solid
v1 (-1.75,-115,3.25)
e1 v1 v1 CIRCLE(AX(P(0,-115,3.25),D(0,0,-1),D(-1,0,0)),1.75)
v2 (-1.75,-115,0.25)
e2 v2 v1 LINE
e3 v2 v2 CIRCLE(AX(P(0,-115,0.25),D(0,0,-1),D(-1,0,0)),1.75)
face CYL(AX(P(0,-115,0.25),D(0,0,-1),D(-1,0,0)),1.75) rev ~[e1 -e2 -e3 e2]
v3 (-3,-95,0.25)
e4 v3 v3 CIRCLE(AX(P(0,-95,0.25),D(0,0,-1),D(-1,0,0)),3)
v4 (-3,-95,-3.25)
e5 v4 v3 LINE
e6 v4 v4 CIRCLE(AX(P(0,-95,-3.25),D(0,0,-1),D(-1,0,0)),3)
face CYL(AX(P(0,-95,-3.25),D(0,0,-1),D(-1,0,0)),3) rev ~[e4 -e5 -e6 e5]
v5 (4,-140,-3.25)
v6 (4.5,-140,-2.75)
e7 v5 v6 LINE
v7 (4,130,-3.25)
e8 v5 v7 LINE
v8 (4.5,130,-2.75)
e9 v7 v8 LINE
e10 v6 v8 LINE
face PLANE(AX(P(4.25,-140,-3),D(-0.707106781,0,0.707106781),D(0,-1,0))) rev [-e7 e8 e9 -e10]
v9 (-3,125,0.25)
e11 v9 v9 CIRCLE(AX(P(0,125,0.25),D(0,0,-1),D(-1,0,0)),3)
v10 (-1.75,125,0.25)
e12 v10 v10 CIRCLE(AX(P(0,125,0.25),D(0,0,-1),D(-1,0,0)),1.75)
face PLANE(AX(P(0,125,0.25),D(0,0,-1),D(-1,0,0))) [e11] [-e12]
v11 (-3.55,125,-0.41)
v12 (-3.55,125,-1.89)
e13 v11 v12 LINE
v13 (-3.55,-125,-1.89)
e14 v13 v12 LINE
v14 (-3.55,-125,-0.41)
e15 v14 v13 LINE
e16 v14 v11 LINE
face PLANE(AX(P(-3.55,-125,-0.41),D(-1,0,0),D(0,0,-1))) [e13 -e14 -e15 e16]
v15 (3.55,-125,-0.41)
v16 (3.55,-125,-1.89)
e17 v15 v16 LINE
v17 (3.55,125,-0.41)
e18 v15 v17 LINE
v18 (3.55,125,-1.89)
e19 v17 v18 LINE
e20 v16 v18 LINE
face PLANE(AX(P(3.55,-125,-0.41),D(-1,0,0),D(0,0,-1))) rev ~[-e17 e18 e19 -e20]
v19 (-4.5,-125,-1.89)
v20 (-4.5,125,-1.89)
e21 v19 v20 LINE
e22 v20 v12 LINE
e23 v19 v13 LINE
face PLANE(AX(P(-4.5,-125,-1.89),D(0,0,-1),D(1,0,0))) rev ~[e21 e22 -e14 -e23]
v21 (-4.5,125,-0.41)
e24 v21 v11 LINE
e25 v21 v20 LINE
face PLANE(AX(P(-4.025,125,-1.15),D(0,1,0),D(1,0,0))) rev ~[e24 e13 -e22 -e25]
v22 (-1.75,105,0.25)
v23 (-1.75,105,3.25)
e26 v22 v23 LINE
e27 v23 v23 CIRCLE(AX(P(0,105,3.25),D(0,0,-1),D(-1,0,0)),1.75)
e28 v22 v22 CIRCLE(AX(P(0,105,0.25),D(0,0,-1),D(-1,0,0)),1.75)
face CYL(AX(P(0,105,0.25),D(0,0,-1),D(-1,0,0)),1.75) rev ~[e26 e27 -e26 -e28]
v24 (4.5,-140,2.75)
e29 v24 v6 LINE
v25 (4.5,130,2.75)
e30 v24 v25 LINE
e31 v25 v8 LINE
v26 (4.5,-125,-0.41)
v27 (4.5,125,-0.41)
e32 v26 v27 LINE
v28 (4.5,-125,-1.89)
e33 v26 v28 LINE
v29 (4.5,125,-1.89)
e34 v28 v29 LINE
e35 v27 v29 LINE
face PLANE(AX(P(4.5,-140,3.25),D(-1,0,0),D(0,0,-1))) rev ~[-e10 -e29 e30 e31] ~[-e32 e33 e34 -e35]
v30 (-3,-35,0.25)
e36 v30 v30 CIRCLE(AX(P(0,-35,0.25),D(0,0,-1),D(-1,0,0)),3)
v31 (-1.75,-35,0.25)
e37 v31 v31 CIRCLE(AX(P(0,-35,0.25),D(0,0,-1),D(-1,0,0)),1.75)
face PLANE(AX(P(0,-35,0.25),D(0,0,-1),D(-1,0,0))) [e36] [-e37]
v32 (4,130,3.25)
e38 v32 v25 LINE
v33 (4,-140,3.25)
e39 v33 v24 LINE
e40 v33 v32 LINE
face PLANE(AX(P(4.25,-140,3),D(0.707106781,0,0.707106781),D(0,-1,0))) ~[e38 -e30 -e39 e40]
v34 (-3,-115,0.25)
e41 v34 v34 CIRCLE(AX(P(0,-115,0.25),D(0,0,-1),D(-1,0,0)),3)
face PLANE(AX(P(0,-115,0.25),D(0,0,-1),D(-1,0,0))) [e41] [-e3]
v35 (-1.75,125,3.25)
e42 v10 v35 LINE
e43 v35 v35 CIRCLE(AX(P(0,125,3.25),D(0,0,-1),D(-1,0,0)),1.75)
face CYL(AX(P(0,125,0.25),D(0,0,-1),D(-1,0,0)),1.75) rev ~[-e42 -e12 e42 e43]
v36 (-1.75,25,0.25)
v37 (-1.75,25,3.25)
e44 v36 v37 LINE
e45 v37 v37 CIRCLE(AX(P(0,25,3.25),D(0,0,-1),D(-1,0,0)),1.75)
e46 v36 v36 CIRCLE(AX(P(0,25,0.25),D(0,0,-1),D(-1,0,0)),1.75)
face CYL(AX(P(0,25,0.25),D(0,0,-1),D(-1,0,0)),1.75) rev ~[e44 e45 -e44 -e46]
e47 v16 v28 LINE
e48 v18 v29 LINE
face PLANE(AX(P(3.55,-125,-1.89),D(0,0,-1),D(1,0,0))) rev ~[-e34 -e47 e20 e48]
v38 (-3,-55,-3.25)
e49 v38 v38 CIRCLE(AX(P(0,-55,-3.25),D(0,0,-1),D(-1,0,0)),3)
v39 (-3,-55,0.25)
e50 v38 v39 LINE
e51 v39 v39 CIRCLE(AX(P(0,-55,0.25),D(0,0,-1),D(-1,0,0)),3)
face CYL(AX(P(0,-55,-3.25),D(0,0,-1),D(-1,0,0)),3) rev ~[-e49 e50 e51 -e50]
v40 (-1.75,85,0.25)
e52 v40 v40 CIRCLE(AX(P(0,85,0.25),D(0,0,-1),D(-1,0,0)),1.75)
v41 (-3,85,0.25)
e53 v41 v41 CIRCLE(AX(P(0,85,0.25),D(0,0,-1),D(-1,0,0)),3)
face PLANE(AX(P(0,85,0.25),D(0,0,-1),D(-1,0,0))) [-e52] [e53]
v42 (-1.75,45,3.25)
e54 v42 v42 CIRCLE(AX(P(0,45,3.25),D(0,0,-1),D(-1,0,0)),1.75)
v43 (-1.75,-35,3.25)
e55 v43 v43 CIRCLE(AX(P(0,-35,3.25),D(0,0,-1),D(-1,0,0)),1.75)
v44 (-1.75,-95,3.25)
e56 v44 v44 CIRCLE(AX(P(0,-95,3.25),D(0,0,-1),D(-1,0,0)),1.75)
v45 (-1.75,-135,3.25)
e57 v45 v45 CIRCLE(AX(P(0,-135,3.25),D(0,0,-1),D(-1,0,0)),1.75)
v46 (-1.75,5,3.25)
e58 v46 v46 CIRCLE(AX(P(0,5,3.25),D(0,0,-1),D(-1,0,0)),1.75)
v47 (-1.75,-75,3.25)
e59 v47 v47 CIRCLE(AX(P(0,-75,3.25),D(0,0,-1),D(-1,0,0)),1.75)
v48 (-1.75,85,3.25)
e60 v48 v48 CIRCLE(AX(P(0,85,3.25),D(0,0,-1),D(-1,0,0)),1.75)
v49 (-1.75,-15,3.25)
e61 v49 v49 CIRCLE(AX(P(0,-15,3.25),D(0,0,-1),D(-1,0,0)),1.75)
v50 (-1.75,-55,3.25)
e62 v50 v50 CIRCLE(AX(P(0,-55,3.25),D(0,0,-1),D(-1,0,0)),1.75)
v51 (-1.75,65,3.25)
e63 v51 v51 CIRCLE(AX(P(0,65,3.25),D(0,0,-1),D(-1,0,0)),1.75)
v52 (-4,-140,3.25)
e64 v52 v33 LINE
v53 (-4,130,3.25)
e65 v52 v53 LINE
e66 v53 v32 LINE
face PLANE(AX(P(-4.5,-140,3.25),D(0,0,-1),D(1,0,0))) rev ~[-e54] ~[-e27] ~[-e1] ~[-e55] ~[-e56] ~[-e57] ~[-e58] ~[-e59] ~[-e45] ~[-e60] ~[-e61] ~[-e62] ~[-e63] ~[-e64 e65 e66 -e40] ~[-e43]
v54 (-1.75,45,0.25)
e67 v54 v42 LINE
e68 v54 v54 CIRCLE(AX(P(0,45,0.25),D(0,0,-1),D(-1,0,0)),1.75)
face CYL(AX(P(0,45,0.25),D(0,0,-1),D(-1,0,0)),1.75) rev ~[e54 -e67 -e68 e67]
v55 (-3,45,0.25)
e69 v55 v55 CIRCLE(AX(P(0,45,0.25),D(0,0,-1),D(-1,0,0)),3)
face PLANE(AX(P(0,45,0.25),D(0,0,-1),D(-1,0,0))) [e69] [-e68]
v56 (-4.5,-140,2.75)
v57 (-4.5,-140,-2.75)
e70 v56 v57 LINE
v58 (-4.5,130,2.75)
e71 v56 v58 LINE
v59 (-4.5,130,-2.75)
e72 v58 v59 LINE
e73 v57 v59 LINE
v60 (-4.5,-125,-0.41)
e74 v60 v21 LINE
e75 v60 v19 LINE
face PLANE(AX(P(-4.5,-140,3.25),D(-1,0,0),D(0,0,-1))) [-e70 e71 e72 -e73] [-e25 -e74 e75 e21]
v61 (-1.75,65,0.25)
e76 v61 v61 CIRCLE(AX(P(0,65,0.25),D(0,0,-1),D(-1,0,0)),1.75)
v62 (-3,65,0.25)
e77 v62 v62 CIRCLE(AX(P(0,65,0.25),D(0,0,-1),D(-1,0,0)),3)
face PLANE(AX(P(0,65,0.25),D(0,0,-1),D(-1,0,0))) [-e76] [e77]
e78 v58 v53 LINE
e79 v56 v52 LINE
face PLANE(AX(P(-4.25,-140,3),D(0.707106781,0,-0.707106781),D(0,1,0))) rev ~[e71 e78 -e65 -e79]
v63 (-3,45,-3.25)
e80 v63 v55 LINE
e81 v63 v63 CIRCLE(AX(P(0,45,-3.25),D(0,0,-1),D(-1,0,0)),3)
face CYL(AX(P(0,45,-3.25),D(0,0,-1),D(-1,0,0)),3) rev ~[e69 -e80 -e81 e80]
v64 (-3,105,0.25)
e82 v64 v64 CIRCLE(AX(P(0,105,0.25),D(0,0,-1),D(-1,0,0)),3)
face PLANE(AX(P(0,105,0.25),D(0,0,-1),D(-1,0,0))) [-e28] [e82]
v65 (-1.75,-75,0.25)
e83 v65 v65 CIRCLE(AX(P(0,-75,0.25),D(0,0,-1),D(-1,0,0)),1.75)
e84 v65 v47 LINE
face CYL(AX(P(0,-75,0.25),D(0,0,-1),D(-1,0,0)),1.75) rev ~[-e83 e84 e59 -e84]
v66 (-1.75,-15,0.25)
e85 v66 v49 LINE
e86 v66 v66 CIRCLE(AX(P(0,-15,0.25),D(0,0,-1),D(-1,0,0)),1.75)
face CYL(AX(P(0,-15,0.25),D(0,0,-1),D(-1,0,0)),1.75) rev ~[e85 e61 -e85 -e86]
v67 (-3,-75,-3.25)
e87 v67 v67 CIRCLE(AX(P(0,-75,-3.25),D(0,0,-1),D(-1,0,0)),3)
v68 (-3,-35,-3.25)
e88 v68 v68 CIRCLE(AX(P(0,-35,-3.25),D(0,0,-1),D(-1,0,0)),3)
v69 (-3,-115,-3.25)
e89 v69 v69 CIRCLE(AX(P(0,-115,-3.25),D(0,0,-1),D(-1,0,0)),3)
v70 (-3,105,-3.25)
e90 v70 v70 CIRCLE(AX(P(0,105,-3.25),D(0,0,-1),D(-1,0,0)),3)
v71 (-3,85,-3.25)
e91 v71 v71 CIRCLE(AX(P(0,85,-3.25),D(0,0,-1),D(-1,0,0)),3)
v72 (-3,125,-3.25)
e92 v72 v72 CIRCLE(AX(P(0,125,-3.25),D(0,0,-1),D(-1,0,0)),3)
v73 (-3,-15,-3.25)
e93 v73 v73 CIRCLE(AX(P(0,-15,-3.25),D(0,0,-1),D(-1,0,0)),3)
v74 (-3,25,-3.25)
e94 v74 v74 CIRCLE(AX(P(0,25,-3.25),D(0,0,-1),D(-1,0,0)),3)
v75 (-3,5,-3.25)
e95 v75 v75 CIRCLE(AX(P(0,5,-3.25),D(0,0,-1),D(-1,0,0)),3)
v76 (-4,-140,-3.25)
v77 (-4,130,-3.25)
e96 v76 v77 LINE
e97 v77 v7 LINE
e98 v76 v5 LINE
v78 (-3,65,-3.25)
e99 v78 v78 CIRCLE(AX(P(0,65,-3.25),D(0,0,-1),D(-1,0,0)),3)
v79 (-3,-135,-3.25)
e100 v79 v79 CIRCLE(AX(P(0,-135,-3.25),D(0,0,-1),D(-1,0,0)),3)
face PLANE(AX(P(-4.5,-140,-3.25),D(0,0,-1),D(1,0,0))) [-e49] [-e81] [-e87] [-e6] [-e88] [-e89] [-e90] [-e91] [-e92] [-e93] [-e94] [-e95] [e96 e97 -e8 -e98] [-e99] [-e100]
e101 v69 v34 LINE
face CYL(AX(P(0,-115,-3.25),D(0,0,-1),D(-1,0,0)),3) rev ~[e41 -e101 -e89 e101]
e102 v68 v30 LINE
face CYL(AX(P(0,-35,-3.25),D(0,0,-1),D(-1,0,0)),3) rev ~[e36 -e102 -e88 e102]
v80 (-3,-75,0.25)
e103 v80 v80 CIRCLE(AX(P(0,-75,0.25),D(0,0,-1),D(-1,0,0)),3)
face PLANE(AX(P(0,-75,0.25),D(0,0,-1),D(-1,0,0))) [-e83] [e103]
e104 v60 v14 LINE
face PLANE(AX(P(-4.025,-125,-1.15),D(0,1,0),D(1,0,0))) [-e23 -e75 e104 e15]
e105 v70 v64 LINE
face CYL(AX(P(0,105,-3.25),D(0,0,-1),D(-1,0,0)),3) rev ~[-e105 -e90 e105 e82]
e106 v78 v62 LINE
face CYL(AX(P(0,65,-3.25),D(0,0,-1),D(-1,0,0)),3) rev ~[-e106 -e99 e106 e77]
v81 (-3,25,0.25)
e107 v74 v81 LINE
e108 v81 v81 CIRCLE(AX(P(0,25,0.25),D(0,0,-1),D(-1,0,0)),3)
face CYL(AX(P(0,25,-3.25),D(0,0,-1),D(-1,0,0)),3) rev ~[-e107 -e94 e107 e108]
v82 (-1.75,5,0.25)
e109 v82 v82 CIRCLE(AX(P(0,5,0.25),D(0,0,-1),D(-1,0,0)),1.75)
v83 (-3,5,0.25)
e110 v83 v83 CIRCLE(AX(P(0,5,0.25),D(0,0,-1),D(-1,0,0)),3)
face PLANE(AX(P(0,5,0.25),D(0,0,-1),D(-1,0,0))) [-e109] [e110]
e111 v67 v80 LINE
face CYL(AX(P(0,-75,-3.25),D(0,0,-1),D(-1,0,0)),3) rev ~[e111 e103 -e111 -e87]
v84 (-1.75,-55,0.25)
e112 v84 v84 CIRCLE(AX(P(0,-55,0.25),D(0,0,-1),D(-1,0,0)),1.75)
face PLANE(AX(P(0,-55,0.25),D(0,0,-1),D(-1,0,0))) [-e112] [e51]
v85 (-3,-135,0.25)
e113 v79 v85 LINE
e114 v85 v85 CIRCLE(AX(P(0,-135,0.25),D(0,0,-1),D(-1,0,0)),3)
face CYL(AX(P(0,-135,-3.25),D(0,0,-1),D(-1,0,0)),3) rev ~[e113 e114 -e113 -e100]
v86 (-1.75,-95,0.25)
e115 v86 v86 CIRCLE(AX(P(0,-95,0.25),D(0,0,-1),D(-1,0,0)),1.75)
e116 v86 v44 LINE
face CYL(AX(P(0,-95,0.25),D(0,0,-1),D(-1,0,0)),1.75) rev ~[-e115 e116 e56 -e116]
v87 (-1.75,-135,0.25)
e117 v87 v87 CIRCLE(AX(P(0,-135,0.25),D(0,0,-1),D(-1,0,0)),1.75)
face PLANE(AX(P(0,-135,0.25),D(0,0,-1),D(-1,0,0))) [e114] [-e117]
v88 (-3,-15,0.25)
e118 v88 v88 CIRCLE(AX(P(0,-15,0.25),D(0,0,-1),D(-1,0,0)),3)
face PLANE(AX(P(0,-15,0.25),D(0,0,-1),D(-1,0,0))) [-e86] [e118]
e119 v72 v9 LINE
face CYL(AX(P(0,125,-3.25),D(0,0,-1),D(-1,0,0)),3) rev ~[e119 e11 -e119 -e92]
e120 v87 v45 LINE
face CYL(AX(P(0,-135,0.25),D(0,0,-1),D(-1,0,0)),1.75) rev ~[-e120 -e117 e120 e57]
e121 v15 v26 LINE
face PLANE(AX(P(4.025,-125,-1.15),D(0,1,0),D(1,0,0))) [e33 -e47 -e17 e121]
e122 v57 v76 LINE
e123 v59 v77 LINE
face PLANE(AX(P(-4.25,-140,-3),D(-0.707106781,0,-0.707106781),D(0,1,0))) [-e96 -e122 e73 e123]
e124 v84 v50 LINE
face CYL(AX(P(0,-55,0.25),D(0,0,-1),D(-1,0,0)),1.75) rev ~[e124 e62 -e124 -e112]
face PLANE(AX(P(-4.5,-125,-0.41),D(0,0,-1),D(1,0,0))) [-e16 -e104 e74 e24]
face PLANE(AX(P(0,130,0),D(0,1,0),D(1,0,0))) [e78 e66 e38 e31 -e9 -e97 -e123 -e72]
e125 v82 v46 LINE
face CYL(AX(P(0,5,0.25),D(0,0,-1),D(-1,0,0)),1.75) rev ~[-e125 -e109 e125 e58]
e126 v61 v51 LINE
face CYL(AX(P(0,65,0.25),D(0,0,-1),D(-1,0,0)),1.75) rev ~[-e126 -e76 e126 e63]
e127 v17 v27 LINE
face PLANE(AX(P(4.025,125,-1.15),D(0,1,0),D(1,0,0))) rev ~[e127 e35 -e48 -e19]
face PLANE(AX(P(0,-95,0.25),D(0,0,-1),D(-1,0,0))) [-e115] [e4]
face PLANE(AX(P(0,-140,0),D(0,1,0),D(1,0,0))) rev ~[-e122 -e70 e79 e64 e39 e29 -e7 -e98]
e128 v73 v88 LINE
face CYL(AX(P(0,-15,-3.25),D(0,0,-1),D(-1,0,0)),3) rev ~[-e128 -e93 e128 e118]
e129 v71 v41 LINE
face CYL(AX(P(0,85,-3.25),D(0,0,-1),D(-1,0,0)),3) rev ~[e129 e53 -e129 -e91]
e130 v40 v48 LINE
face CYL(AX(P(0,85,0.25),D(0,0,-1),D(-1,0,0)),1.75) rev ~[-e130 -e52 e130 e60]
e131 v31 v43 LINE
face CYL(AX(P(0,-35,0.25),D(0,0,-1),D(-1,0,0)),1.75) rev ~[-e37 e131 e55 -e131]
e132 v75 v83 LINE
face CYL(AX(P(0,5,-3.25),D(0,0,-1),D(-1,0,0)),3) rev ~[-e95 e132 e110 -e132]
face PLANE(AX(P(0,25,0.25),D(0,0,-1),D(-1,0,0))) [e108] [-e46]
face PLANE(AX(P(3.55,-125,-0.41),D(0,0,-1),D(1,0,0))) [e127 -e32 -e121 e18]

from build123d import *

# Parameters (mm, degrees)
EXTRUDE_1_DEPTH          = 130
EXTRUDE_1_DEPTH_BACK     = 140
SKETCH_1_W               = 9
SKETCH_1_H               = 6.5
CUT_EXTRUDE_1_DEPTH      = 125
CUT_EXTRUDE_1_DEPTH_BACK = 125
SKETCH_2_W               = 0.95
SKETCH_2_H               = 1.48
CHAMFER_2_SIZE           = 0.5
SKETCH_3_R               = 3
CUT_EXTRUDE_2_DEPTH      = 3.5
SKETCH_4_R               = 1.75
CUT_EXTRUDE_3_DEPTH      = 5


with BuildPart() as part:
    # 草图1 → 凸台-拉伸1 (new, two sides: drawn at the far end of the back side and taken through both)
    with BuildSketch(Plane(origin=(0, 0, 0), x_dir=(1, 0, 0), z_dir=(0, 1, 0)).offset(-EXTRUDE_1_DEPTH_BACK)):
        Rectangle(SKETCH_1_W, SKETCH_1_H)
    extrude(amount=EXTRUDE_1_DEPTH + EXTRUDE_1_DEPTH_BACK)

    # 草图2 → 切除-拉伸1 (cut, two sides: drawn at the far end of the back side and taken through both)
    with BuildSketch(Plane(origin=(0, 0, 0), x_dir=(1, 0, 0), z_dir=(0, 1, 0)).offset(-CUT_EXTRUDE_1_DEPTH_BACK)):
        with Locations((4.025, 1.15)):
            Rectangle(SKETCH_2_W, SKETCH_2_H)
        with Locations((-4.025, 1.15)):
            Rectangle(SKETCH_2_W, SKETCH_2_H)
    extrude(amount=CUT_EXTRUDE_1_DEPTH + CUT_EXTRUDE_1_DEPTH_BACK, mode=Mode.SUBTRACT)

    # 倒角2
    chamfer_2_edges = [part.edges().sort_by_distance(p)[0] for p in [
        (4.5, -5, 3.25),
        (-4.5, -5, 3.25),
        (-4.5, -5, -3.25),
        (4.5, -5, -3.25),
    ]]
    chamfer(chamfer_2_edges, length=CHAMFER_2_SIZE)

    # 草图3 → 切除-拉伸2 (cut)
    with BuildSketch(Plane(origin=(0, 0, -3.25), x_dir=(-1, 0, 0), z_dir=(0, 0, -1))):
        with Locations((0, -135)):
            Circle(SKETCH_3_R)
        with Locations((0, -115)):
            Circle(SKETCH_3_R)
        with Locations((0, -95)):
            Circle(SKETCH_3_R)
        with Locations((0, -75)):
            Circle(SKETCH_3_R)
        with Locations((0, -55)):
            Circle(SKETCH_3_R)
        with Locations((0, -35)):
            Circle(SKETCH_3_R)
        with Locations((0, -15)):
            Circle(SKETCH_3_R)
        with Locations((0, 5)):
            Circle(SKETCH_3_R)
        with Locations((0, 25)):
            Circle(SKETCH_3_R)
        with Locations((0, 45)):
            Circle(SKETCH_3_R)
        with Locations((0, 65)):
            Circle(SKETCH_3_R)
        with Locations((0, 85)):
            Circle(SKETCH_3_R)
        with Locations((0, 105)):
            Circle(SKETCH_3_R)
        with Locations((0, 125)):
            Circle(SKETCH_3_R)
    extrude(amount=-CUT_EXTRUDE_2_DEPTH, mode=Mode.SUBTRACT)

    # 草图4 → 切除-拉伸3 (cut)
    with BuildSketch(Plane(origin=(0, 0, 0.25), x_dir=(-1, 0, 0), z_dir=(0, 0, -1))):
        with Locations((0, -135)):
            Circle(SKETCH_4_R)
        with Locations((0, -115)):
            Circle(SKETCH_4_R)
        with Locations((0, -95)):
            Circle(SKETCH_4_R)
        with Locations((0, -75)):
            Circle(SKETCH_4_R)
        with Locations((0, -55)):
            Circle(SKETCH_4_R)
        with Locations((0, -35)):
            Circle(SKETCH_4_R)
        with Locations((0, -15)):
            Circle(SKETCH_4_R)
        with Locations((0, 5)):
            Circle(SKETCH_4_R)
        with Locations((0, 25)):
            Circle(SKETCH_4_R)
        with Locations((0, 45)):
            Circle(SKETCH_4_R)
        with Locations((0, 65)):
            Circle(SKETCH_4_R)
        with Locations((0, 85)):
            Circle(SKETCH_4_R)
        with Locations((0, 105)):
            Circle(SKETCH_4_R)
        with Locations((0, 125)):
            Circle(SKETCH_4_R)
        with Locations((0, 145)):
            Circle(SKETCH_4_R)
    extrude(amount=-CUT_EXTRUDE_3_DEPTH, mode=Mode.SUBTRACT)


solid = part.part
